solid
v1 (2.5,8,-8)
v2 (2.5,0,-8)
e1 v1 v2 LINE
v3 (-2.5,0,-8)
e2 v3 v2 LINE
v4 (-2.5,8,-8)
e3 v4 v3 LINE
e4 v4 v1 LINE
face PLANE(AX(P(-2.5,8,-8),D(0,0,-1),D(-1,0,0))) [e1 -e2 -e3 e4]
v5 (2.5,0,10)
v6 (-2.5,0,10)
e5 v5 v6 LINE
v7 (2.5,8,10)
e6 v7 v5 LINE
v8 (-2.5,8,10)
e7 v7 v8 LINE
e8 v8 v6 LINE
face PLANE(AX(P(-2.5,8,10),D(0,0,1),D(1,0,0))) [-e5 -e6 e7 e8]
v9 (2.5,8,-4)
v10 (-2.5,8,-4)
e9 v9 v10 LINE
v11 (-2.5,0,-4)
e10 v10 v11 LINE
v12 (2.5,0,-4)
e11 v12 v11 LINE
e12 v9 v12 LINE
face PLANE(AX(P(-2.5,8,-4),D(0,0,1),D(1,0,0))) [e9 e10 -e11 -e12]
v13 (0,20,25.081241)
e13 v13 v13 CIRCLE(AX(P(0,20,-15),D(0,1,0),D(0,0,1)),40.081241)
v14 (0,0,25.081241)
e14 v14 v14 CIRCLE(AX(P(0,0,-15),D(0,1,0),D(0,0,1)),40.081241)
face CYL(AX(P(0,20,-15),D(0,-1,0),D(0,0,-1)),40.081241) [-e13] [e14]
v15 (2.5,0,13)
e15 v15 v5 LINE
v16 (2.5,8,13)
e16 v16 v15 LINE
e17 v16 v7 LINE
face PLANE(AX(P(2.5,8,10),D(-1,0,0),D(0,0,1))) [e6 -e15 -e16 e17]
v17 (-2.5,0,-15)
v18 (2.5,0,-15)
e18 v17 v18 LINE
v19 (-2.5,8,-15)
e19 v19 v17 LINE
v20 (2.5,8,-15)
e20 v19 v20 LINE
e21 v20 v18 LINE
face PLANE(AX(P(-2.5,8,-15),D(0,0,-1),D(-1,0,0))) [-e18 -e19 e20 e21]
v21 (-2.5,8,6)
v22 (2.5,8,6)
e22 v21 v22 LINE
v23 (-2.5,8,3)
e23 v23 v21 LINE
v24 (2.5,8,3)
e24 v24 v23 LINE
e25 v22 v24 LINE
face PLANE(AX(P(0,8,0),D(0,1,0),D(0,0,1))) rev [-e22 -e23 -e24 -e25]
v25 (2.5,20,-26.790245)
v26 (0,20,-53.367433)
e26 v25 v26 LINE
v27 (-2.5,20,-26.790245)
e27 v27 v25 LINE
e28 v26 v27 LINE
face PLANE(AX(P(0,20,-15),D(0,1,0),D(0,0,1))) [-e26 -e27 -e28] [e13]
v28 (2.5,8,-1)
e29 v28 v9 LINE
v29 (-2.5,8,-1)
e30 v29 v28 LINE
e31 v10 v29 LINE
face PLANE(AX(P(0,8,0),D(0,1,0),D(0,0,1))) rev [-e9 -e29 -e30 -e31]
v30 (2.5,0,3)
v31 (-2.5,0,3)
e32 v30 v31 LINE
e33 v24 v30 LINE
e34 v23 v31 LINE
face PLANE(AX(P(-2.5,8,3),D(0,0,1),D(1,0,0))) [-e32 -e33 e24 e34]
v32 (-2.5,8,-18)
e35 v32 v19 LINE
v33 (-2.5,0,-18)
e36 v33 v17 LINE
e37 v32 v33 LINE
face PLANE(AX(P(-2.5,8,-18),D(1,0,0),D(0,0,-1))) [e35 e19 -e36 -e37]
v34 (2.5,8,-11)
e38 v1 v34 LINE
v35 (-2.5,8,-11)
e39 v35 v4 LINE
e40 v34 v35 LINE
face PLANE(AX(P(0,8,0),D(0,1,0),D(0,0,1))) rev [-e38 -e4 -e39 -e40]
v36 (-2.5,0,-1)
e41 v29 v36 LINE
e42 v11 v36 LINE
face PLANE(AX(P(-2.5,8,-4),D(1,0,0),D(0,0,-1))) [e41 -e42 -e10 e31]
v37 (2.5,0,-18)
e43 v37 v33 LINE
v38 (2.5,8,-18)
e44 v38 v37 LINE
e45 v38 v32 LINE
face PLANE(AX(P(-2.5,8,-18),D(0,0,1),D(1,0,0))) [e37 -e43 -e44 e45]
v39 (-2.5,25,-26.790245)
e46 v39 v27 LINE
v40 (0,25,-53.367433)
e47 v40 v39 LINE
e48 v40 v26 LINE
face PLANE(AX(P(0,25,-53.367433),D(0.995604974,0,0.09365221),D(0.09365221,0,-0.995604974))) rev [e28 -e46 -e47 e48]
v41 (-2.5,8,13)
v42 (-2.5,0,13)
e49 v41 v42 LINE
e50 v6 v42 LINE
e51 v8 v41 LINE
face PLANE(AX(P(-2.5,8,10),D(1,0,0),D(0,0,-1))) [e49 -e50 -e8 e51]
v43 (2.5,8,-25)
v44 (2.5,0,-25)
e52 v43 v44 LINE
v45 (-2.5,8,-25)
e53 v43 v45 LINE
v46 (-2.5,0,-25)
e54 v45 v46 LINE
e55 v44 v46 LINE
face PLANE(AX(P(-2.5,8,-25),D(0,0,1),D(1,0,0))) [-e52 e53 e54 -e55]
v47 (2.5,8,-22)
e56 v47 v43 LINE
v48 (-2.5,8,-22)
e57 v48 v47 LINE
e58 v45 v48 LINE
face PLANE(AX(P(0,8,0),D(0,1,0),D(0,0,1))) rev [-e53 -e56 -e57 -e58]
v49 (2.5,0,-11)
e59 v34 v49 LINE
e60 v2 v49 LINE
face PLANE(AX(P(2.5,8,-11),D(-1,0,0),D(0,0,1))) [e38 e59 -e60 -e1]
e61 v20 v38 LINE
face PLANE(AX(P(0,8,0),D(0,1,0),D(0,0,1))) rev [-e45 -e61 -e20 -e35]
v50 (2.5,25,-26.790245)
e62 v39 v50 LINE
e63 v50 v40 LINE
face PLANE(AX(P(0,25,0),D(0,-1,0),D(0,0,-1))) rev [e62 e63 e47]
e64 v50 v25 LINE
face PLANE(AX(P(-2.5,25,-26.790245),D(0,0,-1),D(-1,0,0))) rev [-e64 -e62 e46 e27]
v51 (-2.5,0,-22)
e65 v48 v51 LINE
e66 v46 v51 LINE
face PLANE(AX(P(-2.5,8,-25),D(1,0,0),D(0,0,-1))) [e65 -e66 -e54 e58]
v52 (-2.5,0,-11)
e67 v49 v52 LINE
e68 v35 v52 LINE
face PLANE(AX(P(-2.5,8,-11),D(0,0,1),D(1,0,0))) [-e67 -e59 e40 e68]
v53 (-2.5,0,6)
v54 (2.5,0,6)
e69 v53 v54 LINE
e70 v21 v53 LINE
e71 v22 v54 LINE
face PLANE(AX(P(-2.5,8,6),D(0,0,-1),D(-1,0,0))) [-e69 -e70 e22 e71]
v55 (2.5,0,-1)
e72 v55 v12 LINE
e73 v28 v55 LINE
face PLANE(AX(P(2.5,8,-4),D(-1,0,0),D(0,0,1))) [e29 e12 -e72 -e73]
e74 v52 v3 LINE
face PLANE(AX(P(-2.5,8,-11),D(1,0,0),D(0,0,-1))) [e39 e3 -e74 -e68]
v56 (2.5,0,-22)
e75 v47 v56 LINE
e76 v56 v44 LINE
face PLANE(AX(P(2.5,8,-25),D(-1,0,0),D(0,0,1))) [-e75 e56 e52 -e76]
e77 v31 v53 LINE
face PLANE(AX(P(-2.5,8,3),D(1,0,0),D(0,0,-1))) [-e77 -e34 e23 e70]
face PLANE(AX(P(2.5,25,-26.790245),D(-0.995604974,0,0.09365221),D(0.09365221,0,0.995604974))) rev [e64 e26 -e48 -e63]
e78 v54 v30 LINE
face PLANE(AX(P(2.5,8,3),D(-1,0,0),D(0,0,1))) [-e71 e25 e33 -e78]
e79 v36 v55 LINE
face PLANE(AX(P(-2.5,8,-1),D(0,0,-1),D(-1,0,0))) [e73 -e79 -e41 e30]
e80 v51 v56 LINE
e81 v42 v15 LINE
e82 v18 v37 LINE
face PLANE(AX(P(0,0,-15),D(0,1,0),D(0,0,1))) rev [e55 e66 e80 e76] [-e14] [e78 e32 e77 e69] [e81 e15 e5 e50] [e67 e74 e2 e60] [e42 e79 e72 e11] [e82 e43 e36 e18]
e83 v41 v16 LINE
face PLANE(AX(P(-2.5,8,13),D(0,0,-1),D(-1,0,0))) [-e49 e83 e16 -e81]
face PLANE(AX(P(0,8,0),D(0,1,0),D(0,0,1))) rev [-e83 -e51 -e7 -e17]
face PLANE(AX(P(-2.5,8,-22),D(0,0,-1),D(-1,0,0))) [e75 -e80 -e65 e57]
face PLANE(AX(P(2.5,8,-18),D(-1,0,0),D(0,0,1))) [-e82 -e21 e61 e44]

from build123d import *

# Parameters (mm, degrees)
SKETCH2_R           = 40.08124111
BOSS_EXTRUDE2_DEPTH = 20
SKETCH1_W           = 5
SKETCH1_H           = 3
CUT_EXTRUDE1_DEPTH  = 8
BOSS_EXTRUDE3_DEPTH = 5


with BuildPart() as part:
    # Sketch2 → Boss-Extrude2 (new body)
    with BuildSketch(Plane(origin=(0, 0, 0), x_dir=(1, 0, 0), z_dir=(0, 1, 0))):
        with Locations((0, 15)):
            Circle(SKETCH2_R)
    extrude(amount=BOSS_EXTRUDE2_DEPTH)

    # Sketch1 → Cut-Extrude1 (cut)
    with BuildSketch(Plane(origin=(0, 0, 0), x_dir=(1, 0, 0), z_dir=(0, 1, 0))):
        with Locations((0, -4.5)):
            Rectangle(SKETCH1_W, SKETCH1_H)
        with Locations((0, -11.5)):
            Rectangle(SKETCH1_W, SKETCH1_H)
        with Locations((0, 2.5)):
            Rectangle(SKETCH1_W, SKETCH1_H)
        with Locations((0, 9.5)):
            Rectangle(SKETCH1_W, SKETCH1_H)
        with Locations((0, 16.5)):
            Rectangle(SKETCH1_W, SKETCH1_H)
        with Locations((0, 23.5)):
            Rectangle(SKETCH1_W, SKETCH1_H)
    extrude(amount=CUT_EXTRUDE1_DEPTH, mode=Mode.SUBTRACT)

    # Sketch3 → Boss-Extrude3 (add)
    with BuildSketch(Plane(origin=(0, 20, 0), x_dir=(1, 0, 0), z_dir=(0, 1, 0))):
        Polygon((0, 53.367433342), (-2.5, 26.790245023), (2.5, 26.790245023), align=None)
    extrude(amount=BOSS_EXTRUDE3_DEPTH)


solid = part.part
